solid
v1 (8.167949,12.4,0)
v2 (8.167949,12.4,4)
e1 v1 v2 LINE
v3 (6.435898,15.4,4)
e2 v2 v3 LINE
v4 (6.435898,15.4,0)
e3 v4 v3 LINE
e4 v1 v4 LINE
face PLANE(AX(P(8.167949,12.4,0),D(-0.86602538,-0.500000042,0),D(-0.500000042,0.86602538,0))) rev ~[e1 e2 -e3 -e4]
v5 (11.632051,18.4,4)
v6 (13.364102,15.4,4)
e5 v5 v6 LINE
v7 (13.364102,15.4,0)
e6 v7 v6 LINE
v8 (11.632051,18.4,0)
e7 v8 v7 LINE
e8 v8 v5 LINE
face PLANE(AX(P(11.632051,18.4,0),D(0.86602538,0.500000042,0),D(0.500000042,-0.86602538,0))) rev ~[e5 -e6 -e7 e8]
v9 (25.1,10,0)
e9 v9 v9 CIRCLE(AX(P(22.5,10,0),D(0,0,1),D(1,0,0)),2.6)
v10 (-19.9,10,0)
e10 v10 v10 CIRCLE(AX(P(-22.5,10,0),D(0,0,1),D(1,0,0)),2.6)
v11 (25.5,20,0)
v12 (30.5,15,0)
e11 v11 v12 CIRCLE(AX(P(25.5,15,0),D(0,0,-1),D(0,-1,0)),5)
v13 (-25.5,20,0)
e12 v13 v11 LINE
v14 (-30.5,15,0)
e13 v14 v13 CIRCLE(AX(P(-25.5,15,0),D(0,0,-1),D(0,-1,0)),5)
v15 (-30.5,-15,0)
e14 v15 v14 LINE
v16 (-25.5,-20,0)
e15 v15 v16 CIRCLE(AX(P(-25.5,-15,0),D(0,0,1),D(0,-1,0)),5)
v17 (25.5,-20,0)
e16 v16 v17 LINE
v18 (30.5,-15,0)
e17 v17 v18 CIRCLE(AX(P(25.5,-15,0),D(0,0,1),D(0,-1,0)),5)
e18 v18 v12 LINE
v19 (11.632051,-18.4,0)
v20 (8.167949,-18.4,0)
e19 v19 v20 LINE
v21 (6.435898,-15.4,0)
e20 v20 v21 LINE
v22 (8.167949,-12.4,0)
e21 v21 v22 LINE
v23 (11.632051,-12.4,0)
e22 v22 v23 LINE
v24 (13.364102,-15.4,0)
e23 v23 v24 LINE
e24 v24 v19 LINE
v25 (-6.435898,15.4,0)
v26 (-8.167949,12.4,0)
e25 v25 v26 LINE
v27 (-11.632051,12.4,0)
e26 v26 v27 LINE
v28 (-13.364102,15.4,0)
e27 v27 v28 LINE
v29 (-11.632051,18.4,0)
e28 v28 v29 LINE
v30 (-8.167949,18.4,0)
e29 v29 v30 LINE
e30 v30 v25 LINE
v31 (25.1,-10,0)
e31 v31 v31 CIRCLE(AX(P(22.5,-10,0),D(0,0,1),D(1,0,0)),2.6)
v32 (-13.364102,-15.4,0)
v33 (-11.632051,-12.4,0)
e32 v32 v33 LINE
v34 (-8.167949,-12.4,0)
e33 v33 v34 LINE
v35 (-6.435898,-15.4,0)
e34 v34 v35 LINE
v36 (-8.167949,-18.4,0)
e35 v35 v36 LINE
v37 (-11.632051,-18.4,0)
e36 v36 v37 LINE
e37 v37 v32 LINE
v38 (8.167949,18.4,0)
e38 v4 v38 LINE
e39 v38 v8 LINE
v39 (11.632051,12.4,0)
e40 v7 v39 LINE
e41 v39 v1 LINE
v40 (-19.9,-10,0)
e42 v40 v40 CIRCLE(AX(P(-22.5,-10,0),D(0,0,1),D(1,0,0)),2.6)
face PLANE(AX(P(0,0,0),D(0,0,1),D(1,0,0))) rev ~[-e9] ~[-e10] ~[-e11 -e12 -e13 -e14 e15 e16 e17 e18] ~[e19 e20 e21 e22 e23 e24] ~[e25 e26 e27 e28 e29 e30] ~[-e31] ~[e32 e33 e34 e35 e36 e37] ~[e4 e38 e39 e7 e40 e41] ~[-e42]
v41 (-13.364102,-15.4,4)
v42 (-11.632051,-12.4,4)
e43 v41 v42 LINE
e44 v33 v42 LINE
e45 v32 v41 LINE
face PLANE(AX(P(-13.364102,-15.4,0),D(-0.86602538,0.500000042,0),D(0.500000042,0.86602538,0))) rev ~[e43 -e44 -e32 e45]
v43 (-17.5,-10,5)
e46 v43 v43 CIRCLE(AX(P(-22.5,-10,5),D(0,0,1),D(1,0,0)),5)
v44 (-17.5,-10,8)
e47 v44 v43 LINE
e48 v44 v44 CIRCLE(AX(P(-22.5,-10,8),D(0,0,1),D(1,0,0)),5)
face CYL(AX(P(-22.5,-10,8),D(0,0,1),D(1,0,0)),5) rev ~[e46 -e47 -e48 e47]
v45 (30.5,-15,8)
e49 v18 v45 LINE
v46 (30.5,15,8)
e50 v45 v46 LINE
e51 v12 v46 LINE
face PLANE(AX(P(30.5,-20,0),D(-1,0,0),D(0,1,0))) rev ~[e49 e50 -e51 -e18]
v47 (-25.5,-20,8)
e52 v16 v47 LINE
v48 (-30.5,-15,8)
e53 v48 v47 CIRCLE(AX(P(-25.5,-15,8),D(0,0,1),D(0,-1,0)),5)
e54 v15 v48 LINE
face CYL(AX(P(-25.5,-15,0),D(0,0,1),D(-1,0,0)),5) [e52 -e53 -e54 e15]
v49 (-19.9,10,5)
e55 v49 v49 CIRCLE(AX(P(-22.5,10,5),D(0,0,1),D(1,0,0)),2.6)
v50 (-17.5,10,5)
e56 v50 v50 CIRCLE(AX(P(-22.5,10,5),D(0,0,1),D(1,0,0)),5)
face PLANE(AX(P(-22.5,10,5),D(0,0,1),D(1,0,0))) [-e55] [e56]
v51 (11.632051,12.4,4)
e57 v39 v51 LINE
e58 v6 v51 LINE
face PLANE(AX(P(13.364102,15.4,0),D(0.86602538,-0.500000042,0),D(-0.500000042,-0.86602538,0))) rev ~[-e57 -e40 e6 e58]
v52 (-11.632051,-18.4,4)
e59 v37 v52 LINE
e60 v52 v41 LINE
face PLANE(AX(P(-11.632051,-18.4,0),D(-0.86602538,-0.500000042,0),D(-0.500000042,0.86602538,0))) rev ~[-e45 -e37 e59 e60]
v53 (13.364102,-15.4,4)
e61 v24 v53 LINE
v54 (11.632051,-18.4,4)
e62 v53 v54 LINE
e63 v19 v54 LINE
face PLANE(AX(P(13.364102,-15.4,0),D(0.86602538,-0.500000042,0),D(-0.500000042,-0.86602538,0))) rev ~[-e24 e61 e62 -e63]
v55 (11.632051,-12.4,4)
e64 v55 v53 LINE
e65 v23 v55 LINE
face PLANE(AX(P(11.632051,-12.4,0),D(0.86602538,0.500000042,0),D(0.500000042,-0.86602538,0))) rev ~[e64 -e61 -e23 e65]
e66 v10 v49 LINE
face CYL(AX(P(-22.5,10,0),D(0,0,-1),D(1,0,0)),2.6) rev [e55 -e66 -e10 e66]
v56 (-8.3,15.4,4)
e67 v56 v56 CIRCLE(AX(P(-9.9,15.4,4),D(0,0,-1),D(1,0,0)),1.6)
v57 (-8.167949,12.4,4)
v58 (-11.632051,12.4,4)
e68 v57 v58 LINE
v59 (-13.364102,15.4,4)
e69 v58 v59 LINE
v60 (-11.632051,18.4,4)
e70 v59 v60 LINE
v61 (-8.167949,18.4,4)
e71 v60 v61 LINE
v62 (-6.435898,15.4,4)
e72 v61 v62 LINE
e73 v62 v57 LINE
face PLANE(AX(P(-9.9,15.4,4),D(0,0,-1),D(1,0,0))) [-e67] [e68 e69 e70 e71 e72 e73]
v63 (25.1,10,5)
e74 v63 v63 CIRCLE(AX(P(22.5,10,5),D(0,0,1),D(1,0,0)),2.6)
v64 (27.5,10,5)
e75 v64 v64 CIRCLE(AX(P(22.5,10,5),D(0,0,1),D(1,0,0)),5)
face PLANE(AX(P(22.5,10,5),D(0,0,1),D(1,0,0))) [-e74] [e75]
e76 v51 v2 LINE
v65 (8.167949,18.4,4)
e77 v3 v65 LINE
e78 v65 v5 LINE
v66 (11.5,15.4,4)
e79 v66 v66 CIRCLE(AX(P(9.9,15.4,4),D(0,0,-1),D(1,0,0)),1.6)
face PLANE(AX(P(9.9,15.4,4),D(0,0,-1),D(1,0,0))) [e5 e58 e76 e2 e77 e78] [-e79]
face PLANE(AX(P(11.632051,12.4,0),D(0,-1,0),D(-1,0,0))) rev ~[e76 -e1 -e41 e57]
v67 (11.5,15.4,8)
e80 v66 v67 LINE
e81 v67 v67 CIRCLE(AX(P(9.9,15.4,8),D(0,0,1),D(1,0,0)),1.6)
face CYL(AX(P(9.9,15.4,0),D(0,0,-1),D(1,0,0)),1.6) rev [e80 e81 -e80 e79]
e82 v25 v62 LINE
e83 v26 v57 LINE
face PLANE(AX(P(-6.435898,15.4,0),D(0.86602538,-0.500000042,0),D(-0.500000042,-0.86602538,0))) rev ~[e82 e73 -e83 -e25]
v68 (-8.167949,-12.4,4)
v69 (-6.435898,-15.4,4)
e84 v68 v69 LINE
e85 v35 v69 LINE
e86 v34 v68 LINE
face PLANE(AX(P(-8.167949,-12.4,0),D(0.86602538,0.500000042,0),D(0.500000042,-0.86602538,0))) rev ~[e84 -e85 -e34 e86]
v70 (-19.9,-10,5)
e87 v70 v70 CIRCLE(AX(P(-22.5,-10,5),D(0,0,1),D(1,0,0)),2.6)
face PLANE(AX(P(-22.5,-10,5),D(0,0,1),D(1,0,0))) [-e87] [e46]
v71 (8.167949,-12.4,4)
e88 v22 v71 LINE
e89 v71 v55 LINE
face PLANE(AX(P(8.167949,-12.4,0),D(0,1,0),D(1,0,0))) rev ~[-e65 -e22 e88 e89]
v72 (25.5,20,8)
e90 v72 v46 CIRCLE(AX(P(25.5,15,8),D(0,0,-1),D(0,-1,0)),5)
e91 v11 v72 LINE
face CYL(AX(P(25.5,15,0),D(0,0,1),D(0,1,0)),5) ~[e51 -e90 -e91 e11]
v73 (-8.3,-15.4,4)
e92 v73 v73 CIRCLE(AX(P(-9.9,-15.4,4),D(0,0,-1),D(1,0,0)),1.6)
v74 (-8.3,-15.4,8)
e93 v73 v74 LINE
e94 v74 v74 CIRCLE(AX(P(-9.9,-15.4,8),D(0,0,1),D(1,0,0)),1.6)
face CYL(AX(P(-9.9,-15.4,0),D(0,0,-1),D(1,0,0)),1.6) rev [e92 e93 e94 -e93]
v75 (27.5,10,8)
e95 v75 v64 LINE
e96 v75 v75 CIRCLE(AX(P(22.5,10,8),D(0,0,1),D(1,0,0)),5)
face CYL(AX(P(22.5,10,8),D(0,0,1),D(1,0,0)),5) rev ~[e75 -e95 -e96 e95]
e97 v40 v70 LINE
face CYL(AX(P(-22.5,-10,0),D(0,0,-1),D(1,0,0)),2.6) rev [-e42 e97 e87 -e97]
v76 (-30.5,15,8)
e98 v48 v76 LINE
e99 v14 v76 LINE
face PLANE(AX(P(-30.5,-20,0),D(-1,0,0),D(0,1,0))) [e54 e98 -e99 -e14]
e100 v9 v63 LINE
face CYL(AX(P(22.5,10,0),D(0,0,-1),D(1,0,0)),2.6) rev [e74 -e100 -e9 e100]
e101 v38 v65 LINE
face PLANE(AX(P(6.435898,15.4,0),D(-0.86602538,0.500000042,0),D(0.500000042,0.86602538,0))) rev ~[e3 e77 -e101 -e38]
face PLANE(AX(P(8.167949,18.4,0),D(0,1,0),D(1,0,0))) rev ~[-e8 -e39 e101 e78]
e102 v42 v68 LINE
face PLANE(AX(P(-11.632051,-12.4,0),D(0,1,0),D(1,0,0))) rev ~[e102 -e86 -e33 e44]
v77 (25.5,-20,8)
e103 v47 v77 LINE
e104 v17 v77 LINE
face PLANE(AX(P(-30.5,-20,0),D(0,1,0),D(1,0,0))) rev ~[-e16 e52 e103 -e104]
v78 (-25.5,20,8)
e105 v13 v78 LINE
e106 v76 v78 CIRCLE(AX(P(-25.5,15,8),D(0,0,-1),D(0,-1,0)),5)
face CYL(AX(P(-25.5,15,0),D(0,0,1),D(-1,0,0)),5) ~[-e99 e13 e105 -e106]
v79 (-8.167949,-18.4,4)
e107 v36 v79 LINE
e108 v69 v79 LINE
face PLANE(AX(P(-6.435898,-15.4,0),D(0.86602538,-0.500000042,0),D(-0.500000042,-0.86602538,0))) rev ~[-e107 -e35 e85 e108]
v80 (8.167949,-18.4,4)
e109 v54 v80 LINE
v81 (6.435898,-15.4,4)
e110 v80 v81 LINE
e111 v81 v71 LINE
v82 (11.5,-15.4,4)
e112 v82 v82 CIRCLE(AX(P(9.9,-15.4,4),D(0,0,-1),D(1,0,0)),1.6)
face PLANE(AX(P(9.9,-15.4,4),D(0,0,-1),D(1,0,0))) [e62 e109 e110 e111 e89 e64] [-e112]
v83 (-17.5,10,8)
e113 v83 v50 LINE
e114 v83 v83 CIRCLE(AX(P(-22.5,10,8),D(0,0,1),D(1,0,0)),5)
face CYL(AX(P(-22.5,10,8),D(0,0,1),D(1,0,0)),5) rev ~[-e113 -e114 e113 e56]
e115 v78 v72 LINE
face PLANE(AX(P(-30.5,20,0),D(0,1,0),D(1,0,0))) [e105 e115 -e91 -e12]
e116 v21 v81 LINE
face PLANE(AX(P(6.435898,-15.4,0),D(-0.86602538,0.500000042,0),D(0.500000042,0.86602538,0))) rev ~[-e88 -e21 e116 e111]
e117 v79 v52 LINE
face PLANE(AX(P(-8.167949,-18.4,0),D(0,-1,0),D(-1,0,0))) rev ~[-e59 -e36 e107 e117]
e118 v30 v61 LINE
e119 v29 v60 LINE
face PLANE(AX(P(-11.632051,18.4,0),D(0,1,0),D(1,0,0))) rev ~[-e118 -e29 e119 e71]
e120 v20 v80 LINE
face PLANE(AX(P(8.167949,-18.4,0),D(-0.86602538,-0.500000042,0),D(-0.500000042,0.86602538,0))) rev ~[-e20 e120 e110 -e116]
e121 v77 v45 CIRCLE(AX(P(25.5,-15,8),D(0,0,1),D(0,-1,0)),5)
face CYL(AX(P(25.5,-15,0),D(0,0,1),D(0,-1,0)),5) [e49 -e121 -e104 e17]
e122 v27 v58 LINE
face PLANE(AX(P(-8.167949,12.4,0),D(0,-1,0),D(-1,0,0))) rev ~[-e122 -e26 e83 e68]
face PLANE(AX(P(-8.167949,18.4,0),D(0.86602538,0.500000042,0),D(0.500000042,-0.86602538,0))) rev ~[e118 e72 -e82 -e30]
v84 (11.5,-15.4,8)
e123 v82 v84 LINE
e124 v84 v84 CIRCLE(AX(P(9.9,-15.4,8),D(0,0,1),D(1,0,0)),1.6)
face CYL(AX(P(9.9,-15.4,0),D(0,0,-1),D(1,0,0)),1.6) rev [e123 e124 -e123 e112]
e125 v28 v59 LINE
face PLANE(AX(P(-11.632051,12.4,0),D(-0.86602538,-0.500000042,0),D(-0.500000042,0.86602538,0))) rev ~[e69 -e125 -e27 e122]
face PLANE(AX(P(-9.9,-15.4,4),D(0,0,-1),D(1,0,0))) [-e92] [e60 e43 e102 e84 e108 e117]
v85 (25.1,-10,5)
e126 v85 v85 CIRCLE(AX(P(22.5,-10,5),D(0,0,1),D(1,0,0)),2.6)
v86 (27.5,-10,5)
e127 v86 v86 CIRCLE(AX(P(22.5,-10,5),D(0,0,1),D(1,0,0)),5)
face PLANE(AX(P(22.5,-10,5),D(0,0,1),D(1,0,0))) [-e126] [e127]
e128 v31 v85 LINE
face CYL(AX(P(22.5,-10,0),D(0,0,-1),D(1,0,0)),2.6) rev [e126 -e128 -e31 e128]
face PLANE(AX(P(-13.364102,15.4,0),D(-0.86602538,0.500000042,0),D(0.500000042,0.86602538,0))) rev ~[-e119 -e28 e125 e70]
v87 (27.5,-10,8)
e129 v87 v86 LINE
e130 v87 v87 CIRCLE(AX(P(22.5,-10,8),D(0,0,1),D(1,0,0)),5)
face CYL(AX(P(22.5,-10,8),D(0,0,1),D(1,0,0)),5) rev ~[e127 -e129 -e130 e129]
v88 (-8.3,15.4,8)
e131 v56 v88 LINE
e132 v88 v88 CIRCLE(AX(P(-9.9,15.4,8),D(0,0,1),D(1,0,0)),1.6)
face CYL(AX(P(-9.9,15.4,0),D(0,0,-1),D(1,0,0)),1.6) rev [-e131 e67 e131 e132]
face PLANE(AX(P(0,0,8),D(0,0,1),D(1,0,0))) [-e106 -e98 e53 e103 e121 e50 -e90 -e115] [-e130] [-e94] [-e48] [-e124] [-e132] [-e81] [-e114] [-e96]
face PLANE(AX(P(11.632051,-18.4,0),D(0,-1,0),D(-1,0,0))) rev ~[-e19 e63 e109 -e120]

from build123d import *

# Parameters (mm, degrees)
F0_W     = 61
F0_H     = 40
F0_R     = 1.6
F0_R_2   = 2.6
F1_DEPTH = 8
F2_R     = 5
F2_R_2   = 2.6
F3_DEPTH = 3
F4_R     = 1.6
F5_DEPTH = 4
F6_R     = 5


with BuildPart() as f1:
    # F0 (on Top) → F1 (new body)
    with BuildSketch(Plane.XY):
        Rectangle(F0_W, F0_H)
        with Locations((-9.9, -15.4)):
            Circle(F0_R, mode=Mode.SUBTRACT)
        with Locations((-22.5, -10)):
            Circle(F0_R_2, mode=Mode.SUBTRACT)
        with Locations((9.9, -15.4)):
            Circle(F0_R, mode=Mode.SUBTRACT)
        with Locations((22.5, -10)):
            Circle(F0_R_2, mode=Mode.SUBTRACT)
        with Locations((-22.5, 10)):
            Circle(F0_R_2, mode=Mode.SUBTRACT)
        with Locations((-9.9, 15.4)):
            Circle(F0_R, mode=Mode.SUBTRACT)
        with Locations((9.9, 15.4)):
            Circle(F0_R, mode=Mode.SUBTRACT)
        with Locations((22.5, 10)):
            Circle(F0_R_2, mode=Mode.SUBTRACT)
    extrude(amount=F1_DEPTH)

    # F2 (on face) → F3 (cut)
    with BuildSketch(Plane.XY.offset(8)):
        with Locations((-22.5, 10)):
            Circle(F2_R)
        with Locations((-22.5, 10)):
            Circle(F2_R_2, mode=Mode.SUBTRACT)
        with Locations((22.5, 10)):
            Circle(F2_R)
        with Locations((22.5, 10)):
            Circle(F2_R_2, mode=Mode.SUBTRACT)
        with Locations((22.5, -10)):
            Circle(F2_R)
        with Locations((22.5, -10)):
            Circle(F2_R_2, mode=Mode.SUBTRACT)
        with Locations((-22.5, -10)):
            Circle(F2_R)
        with Locations((-22.5, -10)):
            Circle(F2_R_2, mode=Mode.SUBTRACT)
    extrude(amount=-F3_DEPTH, mode=Mode.SUBTRACT)

    # F4 (on face) → F5 (cut)
    with BuildSketch(Plane(origin=(0, 0, 0), x_dir=(1, 0, 0), z_dir=(0, 0, -1))):
        Polygon((-8.167949, 18.4), (-11.632051, 18.4), (-13.364102, 15.4), (-11.632051, 12.4), (-8.167949, 12.4), (-6.435898, 15.4), align=None)
        with Locations((-9.9, 15.4)):
            Circle(F4_R, mode=Mode.SUBTRACT)
        Polygon((11.632051, 18.4), (8.167949, 18.4), (6.435898, 15.4), (8.167949, 12.4), (11.632051, 12.4), (13.364102, 15.4), align=None)
        with Locations((9.9, 15.4)):
            Circle(F4_R, mode=Mode.SUBTRACT)
        Polygon((-8.167949, -12.4), (-11.632051, -12.4), (-13.364102, -15.4), (-11.632051, -18.4), (-8.167949, -18.4), (-6.435898, -15.4), align=None)
        with Locations((-9.9, -15.4)):
            Circle(F4_R, mode=Mode.SUBTRACT)
        Polygon((8.167949, -18.4), (11.632051, -18.4), (13.364102, -15.4), (11.632051, -12.4), (8.167949, -12.4), (6.435898, -15.4), align=None)
        with Locations((9.9, -15.4)):
            Circle(F4_R, mode=Mode.SUBTRACT)
    extrude(amount=-F5_DEPTH, mode=Mode.SUBTRACT)

    # F6
    f6_edges = [f1.edges().sort_by_distance(p)[0] for p in [
        (-30.5, 20, 4),
        (-30.5, -20, 4),
        (30.5, -20, 4),
        (30.5, 20, 4),
    ]]
    fillet(f6_edges, radius=F6_R)


solid = f1.part
